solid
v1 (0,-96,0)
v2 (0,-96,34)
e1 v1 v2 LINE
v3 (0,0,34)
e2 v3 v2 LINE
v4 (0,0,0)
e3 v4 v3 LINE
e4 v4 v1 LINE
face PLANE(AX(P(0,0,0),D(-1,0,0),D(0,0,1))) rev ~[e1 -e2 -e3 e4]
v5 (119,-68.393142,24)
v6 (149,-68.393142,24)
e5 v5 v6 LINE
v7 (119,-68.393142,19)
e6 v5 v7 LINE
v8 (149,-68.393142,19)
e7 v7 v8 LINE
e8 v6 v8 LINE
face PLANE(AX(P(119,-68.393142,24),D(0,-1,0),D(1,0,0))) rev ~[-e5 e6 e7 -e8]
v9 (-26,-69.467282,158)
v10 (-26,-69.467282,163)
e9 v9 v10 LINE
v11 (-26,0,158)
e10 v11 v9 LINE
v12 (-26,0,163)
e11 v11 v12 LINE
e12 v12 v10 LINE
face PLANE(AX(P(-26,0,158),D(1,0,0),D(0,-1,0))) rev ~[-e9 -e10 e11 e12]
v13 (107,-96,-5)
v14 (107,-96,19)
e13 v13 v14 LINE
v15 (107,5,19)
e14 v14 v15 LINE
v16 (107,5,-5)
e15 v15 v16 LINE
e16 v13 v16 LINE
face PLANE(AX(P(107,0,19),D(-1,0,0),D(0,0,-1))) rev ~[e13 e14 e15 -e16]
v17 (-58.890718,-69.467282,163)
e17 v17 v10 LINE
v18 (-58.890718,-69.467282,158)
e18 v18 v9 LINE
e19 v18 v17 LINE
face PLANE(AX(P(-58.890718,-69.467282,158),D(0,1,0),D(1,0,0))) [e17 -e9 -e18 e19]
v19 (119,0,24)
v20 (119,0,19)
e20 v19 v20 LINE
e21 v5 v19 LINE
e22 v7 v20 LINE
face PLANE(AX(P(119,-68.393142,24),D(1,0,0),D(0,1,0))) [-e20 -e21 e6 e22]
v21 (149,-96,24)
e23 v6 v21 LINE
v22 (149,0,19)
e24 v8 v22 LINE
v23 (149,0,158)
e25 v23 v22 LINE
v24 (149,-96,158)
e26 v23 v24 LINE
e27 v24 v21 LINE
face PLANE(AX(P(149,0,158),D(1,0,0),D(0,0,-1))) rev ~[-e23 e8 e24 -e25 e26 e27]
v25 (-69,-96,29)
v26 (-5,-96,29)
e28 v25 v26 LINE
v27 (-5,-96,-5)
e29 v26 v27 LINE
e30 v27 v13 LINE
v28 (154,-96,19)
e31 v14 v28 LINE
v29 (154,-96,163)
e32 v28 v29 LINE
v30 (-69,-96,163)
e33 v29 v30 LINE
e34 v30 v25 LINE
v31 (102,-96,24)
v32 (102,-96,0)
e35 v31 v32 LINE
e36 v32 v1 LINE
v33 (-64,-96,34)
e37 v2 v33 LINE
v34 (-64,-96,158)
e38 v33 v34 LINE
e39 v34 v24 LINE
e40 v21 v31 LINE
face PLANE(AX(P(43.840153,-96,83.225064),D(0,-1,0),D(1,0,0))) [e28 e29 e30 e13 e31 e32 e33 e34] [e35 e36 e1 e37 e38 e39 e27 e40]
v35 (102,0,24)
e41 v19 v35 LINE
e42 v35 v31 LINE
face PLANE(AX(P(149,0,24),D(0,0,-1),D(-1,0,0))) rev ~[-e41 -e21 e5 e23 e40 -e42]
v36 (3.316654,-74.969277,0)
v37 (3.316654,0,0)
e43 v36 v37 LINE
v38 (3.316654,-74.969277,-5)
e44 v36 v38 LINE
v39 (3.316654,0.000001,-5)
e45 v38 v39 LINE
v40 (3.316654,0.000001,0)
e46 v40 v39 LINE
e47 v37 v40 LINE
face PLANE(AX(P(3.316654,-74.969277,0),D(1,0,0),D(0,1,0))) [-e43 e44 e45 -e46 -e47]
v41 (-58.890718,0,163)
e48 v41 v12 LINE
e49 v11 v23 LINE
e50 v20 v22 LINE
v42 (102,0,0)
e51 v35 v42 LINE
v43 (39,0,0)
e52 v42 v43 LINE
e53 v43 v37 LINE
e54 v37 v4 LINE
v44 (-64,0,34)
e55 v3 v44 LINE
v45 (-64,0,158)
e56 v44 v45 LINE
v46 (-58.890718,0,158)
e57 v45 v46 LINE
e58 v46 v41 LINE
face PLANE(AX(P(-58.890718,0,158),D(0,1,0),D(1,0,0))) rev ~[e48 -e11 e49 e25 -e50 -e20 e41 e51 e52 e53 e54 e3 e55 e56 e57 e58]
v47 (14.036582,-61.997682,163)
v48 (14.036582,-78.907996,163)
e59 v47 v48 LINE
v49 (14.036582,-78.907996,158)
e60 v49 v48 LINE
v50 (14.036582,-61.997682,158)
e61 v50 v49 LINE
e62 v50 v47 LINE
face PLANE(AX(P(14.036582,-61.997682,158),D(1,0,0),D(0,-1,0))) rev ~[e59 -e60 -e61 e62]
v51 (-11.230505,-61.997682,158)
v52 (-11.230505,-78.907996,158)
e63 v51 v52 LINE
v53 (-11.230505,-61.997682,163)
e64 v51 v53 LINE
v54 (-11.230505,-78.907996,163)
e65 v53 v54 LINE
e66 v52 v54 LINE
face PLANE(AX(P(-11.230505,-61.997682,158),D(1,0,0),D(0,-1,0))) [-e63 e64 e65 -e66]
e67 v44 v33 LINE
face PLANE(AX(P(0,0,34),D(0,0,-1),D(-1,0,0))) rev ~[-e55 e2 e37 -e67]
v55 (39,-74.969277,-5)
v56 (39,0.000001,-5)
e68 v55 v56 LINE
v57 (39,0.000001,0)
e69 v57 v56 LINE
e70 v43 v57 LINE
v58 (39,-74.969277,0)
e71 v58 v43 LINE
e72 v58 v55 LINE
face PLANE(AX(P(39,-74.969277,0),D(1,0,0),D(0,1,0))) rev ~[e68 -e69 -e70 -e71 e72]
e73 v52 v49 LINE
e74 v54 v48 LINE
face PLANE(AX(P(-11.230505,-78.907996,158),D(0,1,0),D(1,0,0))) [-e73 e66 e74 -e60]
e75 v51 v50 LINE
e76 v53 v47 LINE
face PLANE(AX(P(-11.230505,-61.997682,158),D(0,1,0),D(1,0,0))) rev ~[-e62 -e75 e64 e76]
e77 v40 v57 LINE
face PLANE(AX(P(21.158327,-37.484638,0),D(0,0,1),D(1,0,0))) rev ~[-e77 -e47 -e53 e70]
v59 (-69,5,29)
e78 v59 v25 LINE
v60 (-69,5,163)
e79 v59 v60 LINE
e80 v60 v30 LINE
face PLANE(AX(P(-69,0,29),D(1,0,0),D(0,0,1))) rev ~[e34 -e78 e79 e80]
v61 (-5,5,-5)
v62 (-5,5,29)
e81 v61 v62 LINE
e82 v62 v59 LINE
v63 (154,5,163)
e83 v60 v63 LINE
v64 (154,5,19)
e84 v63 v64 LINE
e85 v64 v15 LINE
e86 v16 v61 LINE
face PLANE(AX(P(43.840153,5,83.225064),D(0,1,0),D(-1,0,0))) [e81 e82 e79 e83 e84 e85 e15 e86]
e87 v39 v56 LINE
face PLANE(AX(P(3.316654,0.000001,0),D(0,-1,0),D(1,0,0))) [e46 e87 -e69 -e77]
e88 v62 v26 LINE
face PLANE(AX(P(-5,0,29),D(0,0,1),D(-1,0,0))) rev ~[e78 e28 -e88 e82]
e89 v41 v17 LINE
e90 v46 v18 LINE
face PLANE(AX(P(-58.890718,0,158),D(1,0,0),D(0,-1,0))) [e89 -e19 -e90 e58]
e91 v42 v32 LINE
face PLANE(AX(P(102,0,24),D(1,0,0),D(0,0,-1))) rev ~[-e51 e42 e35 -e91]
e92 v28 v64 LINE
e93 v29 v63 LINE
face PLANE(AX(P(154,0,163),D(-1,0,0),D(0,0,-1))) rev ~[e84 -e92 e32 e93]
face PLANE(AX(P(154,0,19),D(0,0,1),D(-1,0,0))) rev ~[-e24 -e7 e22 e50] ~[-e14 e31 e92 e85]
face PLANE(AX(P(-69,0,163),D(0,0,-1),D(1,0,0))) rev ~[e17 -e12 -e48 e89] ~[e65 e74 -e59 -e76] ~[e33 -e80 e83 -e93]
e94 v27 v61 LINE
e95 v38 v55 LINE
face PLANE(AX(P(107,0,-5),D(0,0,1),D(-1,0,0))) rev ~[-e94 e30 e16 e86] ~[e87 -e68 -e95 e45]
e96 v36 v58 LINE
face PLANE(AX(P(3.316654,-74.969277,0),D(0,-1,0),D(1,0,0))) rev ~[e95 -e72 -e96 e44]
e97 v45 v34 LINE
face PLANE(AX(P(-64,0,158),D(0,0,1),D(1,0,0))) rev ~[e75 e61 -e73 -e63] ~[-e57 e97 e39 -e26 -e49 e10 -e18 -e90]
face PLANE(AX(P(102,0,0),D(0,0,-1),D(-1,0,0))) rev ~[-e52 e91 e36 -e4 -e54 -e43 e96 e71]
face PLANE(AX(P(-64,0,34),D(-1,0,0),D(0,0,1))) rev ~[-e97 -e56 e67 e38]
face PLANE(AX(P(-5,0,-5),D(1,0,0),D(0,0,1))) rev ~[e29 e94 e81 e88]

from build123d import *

# Parameters (mm, degrees)
F1_DEPTH  = 96
F3_DEPTH  = 5
F4_W      = 35.683347
F4_H      = 74.969277
F5_DEPTH  = 25
F6_W      = 30
F6_H      = 68.393142
F7_DEPTH  = 25
F8_W      = 32.890719
F8_H      = 69.467282
F9_DEPTH  = 25
F10_W     = 25.267087
F10_H     = 16.910314
F11_DEPTH = 25


with BuildPart() as f1:
    # F0 (on Front) → F1 (new body)
    with BuildSketch(Plane.XZ):
        Polygon((-5, -5), (0, -5), (102, -5), (107, -5), (107, 19), (154, 19), (154, 163), (-69, 163), (-69, 29), (-5, 29), align=None)
        Polygon((102, 0), (0, 0), (0, 34), (-64, 34), (-64, 158), (149, 158), (149, 24), (102, 24), align=None, mode=Mode.SUBTRACT)
    extrude(amount=F1_DEPTH)

    # F2 (on face) → F3 (join)
    with BuildSketch(Plane(origin=(0, 0, 0), x_dir=(-1, 0, 0), z_dir=(0, 1, 0))):
        Polygon((69, 163), (-154, 163), (-154, 19), (-107, 19), (-107, -5), (5, -5), (5, 29), (69, 29), align=None)
    extrude(amount=F3_DEPTH)

    # F4 (on face) → F5 (cut)
    with BuildSketch(Plane.XY):
        with Locations((21.158327, -37.484638)):
            Rectangle(F4_W, F4_H)
    extrude(amount=-F5_DEPTH, mode=Mode.SUBTRACT)

    # F6 (on face) → F7 (cut)
    with BuildSketch(Plane.XY.offset(24)):
        with Locations((134, -34.196571)):
            Rectangle(F6_W, F6_H)
    extrude(amount=-F7_DEPTH, mode=Mode.SUBTRACT)

    # F8 (on face) → F9 (cut)
    with BuildSketch(Plane(origin=(0, 0, 158), x_dir=(1, 0, 0), z_dir=(0, 0, -1))):
        with Locations((-42.445359, 34.733641)):
            Rectangle(F8_W, F8_H)
    extrude(amount=-F9_DEPTH, mode=Mode.SUBTRACT)

    # F10 (on face) → F11 (cut)
    with BuildSketch(Plane(origin=(0, 0, 158), x_dir=(1, 0, 0), z_dir=(0, 0, -1))):
        with Locations((1.403039, 70.452839)):
            Rectangle(F10_W, F10_H)
    extrude(amount=-F11_DEPTH, mode=Mode.SUBTRACT)


solid = f1.part
